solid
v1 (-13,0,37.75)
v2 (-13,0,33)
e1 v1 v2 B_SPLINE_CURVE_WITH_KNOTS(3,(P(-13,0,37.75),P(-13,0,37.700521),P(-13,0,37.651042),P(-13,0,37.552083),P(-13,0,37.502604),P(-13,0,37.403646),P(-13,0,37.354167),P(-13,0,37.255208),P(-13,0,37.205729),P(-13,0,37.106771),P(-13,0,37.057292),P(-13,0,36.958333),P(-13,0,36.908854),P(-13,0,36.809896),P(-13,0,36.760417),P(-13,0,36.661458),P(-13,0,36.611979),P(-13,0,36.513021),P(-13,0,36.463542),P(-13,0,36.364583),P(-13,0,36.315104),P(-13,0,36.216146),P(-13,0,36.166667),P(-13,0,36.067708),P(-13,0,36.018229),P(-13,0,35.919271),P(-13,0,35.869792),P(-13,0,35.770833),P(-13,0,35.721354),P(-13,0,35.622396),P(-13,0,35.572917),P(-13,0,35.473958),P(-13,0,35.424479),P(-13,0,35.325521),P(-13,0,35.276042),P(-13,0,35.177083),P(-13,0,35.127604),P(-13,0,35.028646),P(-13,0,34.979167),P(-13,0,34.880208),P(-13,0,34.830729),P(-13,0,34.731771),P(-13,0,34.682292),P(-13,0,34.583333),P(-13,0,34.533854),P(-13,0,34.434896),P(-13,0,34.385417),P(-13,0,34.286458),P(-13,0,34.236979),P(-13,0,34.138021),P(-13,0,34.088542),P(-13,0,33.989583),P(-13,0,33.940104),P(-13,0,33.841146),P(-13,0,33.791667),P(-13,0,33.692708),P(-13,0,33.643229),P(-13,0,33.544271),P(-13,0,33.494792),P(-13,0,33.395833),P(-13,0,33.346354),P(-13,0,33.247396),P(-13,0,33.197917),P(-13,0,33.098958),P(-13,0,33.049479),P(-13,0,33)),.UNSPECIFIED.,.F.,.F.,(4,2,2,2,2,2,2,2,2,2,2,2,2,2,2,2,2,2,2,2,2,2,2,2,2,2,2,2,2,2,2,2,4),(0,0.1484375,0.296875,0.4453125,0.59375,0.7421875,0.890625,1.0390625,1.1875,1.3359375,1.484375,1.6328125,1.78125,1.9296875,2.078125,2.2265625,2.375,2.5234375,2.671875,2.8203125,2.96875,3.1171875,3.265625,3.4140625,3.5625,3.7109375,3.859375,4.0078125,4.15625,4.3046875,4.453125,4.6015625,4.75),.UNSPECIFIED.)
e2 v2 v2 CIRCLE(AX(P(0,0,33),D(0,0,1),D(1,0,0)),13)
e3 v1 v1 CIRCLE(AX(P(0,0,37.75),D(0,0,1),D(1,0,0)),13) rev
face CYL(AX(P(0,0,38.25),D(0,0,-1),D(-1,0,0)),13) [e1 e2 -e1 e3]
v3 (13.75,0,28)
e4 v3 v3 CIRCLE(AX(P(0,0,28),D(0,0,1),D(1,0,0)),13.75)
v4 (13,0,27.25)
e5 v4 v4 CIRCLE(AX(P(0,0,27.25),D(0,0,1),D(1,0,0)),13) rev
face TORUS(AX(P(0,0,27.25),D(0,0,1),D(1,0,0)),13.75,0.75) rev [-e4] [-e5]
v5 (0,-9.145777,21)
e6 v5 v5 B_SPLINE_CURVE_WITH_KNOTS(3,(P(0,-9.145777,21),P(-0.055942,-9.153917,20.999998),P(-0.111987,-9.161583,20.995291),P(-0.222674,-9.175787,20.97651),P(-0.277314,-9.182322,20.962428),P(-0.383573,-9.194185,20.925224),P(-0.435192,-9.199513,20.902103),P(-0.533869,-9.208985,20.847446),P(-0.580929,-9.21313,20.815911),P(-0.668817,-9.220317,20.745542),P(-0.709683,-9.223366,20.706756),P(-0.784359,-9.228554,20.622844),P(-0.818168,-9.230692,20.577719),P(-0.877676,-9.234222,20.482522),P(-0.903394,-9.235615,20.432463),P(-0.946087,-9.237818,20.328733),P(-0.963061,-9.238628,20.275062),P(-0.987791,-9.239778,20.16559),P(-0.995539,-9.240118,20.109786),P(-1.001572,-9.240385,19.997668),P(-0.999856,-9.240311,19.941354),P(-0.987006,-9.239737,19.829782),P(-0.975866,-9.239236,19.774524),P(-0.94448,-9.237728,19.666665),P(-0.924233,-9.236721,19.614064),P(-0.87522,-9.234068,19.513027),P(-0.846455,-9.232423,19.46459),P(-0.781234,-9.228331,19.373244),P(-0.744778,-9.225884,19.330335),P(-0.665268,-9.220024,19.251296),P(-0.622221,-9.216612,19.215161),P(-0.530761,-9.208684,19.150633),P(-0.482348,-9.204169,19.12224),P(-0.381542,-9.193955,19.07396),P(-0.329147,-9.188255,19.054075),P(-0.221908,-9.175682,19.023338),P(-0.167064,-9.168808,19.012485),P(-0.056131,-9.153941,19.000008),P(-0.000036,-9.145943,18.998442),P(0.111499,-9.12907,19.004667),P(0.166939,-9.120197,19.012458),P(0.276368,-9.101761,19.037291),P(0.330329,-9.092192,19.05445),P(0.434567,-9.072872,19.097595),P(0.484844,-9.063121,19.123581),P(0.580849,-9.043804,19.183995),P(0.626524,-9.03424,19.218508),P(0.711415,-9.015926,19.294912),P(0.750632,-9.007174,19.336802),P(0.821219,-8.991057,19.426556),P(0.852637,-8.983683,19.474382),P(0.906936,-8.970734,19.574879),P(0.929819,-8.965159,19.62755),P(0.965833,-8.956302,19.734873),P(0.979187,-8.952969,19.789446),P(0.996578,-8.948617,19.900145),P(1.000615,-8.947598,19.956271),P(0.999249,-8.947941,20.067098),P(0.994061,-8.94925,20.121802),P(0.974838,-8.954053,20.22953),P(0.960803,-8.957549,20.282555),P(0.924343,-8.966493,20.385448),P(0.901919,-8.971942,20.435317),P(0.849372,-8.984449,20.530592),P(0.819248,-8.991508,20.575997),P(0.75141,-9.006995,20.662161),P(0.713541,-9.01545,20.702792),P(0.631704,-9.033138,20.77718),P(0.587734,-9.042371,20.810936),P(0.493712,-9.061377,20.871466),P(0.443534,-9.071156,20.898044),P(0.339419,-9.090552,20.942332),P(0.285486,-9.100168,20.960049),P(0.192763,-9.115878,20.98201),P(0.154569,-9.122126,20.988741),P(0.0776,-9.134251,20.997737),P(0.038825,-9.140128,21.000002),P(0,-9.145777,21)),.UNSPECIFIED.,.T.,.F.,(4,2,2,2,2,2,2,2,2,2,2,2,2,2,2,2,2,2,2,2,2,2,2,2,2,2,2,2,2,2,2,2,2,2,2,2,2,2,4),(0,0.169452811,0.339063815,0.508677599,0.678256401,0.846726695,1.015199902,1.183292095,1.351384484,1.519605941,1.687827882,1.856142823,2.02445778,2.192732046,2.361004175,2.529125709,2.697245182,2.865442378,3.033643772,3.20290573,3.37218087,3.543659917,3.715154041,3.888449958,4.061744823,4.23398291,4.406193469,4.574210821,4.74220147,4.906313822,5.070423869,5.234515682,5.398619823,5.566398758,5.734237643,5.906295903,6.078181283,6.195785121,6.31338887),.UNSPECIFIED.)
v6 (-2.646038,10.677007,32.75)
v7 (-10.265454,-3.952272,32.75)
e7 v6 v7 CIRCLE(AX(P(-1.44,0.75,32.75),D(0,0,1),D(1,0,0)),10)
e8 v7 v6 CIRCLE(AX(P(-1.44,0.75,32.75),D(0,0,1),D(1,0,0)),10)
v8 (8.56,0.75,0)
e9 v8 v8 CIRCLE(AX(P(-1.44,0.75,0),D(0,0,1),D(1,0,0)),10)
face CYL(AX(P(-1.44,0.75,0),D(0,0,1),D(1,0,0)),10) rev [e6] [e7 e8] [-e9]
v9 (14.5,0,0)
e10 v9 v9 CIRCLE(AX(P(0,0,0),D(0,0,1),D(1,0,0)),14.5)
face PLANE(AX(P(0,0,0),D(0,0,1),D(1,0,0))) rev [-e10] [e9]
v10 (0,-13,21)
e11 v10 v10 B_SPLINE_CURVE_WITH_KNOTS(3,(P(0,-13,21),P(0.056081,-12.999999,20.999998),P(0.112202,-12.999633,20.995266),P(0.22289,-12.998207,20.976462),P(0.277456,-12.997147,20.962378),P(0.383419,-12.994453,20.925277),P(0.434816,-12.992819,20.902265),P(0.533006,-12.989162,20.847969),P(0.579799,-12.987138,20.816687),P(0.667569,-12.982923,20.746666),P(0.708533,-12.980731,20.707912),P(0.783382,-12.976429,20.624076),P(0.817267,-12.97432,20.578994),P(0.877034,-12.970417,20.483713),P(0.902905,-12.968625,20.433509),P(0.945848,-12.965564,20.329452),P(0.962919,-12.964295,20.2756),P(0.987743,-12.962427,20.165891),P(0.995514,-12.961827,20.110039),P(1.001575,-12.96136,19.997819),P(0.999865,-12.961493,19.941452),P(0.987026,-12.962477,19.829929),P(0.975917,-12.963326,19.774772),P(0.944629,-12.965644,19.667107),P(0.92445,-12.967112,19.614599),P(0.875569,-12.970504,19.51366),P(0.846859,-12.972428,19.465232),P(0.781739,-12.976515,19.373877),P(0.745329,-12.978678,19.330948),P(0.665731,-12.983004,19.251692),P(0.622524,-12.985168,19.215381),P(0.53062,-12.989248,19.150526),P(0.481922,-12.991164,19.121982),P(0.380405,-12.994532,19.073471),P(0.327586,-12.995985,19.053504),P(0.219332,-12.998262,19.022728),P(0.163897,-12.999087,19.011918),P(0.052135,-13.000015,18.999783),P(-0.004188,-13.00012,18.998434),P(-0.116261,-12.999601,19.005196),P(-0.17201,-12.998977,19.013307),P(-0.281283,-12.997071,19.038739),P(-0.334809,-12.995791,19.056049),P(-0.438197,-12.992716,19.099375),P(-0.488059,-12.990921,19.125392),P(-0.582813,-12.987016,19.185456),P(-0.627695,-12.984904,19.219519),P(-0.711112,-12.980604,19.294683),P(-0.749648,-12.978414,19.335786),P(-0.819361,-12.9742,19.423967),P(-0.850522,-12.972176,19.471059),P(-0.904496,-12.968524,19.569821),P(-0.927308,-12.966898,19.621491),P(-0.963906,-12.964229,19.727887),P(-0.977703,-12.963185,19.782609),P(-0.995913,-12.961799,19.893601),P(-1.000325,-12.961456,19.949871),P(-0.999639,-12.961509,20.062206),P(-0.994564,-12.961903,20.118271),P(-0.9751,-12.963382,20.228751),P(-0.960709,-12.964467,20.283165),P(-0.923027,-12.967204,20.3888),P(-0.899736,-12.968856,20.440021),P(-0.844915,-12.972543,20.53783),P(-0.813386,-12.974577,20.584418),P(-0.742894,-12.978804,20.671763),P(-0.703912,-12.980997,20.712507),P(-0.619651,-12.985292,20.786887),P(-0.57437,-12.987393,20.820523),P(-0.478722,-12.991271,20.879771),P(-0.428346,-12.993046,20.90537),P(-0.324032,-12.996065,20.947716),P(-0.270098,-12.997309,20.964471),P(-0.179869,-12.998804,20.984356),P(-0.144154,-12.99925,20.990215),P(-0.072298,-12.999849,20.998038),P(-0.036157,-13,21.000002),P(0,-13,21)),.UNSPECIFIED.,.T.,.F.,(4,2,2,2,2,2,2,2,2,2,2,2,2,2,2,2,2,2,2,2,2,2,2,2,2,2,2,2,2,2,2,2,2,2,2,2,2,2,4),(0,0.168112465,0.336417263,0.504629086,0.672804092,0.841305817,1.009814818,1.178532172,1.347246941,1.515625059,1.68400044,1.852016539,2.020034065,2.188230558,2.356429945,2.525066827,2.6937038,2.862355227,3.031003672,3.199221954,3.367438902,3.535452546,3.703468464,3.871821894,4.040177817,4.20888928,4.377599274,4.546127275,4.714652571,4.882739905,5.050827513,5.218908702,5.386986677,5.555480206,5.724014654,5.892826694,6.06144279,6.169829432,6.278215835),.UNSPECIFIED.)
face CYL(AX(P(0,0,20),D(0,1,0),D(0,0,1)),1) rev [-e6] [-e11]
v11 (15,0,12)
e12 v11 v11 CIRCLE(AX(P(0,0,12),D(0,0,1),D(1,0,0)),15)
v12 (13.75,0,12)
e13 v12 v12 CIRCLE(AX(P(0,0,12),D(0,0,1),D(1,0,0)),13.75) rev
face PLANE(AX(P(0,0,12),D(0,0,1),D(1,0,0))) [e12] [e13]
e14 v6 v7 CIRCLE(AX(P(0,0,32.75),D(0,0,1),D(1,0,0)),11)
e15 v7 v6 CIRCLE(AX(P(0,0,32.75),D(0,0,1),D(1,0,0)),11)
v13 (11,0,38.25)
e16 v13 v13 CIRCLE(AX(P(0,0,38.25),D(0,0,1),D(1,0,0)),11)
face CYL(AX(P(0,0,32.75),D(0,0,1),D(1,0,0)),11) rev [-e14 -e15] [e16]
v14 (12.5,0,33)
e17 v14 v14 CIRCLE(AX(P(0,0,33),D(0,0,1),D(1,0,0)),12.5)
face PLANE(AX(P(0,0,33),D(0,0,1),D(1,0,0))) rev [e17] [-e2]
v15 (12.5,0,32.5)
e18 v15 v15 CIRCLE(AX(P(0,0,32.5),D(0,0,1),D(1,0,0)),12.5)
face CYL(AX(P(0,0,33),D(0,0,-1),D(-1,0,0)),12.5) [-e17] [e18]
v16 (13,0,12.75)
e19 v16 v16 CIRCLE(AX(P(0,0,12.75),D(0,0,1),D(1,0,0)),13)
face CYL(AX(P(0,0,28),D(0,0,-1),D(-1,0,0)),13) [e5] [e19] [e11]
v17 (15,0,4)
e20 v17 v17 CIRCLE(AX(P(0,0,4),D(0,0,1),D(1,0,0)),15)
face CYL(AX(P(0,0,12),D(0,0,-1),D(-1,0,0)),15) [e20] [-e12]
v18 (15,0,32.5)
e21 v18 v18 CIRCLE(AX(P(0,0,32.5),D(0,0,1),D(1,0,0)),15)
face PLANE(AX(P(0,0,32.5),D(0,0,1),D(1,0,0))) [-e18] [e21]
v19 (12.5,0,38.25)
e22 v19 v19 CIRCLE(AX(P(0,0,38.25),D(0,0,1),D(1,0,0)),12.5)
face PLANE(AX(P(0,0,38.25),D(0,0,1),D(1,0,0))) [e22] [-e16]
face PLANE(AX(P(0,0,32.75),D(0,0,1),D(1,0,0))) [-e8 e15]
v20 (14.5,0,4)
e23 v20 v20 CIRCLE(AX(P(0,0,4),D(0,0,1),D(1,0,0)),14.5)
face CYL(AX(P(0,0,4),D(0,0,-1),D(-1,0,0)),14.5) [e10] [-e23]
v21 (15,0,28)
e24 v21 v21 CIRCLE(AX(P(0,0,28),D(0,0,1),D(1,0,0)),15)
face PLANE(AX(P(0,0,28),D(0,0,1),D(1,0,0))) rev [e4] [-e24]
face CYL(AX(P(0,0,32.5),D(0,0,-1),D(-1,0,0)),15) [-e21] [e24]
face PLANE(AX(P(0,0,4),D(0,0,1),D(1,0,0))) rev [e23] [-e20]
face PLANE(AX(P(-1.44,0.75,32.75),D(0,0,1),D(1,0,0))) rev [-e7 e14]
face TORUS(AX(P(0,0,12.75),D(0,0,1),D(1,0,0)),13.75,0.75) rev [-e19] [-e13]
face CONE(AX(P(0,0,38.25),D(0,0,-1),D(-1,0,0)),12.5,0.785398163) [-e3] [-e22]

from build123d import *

# Parameters (mm, degrees)
SKETCH1_R           = 14.5
BOSS_EXTRUDE1_DEPTH = 4
SKETCH2_R           = 15
BOSS_EXTRUDE2_DEPTH = 8
SKETCH3_R           = 13
BOSS_EXTRUDE3_DEPTH = 16
SKETCH4_R           = 15
BOSS_EXTRUDE4_DEPTH = 4.5
SKETCH5_R           = 12.5
BOSS_EXTRUDE5_DEPTH = 0.5
SKETCH6_R           = 13
BOSS_EXTRUDE6_DEPTH = 5.25
SKETCH7_R           = 11
CUT_EXTRUDE1_DEPTH  = 5.5
SKETCH8_R           = 10
CUT_EXTRUDE2_DEPTH  = 32.75
FILLET1_R           = 0.75
CHAMFER1_SIZE       = 0.5
SKETCH11_W          = 1
SKETCH11_H          = 15


with BuildPart() as part:
    # Sketch1 → Boss-Extrude1 (new body)
    with BuildSketch(Plane.XY):
        Circle(SKETCH1_R)
    extrude(amount=BOSS_EXTRUDE1_DEPTH)

    # Sketch2 → Boss-Extrude2 (add)
    with BuildSketch(Plane.XY.offset(4)):
        Circle(SKETCH2_R)
    extrude(amount=BOSS_EXTRUDE2_DEPTH)

    # Sketch3 → Boss-Extrude3 (add)
    with BuildSketch(Plane.XY.offset(12)):
        Circle(SKETCH3_R)
    extrude(amount=BOSS_EXTRUDE3_DEPTH)

    # Sketch4 → Boss-Extrude4 (add)
    with BuildSketch(Plane.XY.offset(28)):
        Circle(SKETCH4_R)
    extrude(amount=BOSS_EXTRUDE4_DEPTH)

    # Sketch5 → Boss-Extrude5 (add)
    with BuildSketch(Plane.XY.offset(32.5)):
        Circle(SKETCH5_R)
    extrude(amount=BOSS_EXTRUDE5_DEPTH)

    # Sketch6 → Boss-Extrude6 (add)
    with BuildSketch(Plane.XY.offset(33)):
        Circle(SKETCH6_R)
    extrude(amount=BOSS_EXTRUDE6_DEPTH)

    # Sketch7 → Cut-Extrude1 (cut)
    with BuildSketch(Plane.XY.offset(38.25)):
        Circle(SKETCH7_R)
    extrude(amount=-CUT_EXTRUDE1_DEPTH, mode=Mode.SUBTRACT)

    # Sketch8 → Cut-Extrude2 (cut)
    with BuildSketch(Plane.XY.offset(32.75)):
        with Locations((-1.44, 0.75)):
            Circle(SKETCH8_R)
    extrude(amount=-CUT_EXTRUDE2_DEPTH, mode=Mode.SUBTRACT)

    # Fillet1
    fillet1_edges = [part.edges().sort_by_distance(p)[0] for p in [
        (-13, 0, 12),
        (-13, 0, 28),
    ]]
    fillet(fillet1_edges, radius=FILLET1_R)

    # Chamfer1
    chamfer1_edges = [part.edges().sort_by_distance(p)[0] for p in [
        (-13, 0, 38.25),
    ]]
    chamfer(chamfer1_edges, length=CHAMFER1_SIZE)

    # Sketch11 → Ø2.0 (2) Diameter Hole2 (revolve, cut)
    with BuildSketch(Plane(origin=(0, 0, 20), x_dir=(0, 0, 1), z_dir=(1, 0, 0))):
        with Locations((0.5, 7.5)):
            Rectangle(SKETCH11_W, SKETCH11_H)
    revolve(axis=Axis((0, 6.35, 20), (0, -1, 0)), mode=Mode.SUBTRACT)


solid = part.part
